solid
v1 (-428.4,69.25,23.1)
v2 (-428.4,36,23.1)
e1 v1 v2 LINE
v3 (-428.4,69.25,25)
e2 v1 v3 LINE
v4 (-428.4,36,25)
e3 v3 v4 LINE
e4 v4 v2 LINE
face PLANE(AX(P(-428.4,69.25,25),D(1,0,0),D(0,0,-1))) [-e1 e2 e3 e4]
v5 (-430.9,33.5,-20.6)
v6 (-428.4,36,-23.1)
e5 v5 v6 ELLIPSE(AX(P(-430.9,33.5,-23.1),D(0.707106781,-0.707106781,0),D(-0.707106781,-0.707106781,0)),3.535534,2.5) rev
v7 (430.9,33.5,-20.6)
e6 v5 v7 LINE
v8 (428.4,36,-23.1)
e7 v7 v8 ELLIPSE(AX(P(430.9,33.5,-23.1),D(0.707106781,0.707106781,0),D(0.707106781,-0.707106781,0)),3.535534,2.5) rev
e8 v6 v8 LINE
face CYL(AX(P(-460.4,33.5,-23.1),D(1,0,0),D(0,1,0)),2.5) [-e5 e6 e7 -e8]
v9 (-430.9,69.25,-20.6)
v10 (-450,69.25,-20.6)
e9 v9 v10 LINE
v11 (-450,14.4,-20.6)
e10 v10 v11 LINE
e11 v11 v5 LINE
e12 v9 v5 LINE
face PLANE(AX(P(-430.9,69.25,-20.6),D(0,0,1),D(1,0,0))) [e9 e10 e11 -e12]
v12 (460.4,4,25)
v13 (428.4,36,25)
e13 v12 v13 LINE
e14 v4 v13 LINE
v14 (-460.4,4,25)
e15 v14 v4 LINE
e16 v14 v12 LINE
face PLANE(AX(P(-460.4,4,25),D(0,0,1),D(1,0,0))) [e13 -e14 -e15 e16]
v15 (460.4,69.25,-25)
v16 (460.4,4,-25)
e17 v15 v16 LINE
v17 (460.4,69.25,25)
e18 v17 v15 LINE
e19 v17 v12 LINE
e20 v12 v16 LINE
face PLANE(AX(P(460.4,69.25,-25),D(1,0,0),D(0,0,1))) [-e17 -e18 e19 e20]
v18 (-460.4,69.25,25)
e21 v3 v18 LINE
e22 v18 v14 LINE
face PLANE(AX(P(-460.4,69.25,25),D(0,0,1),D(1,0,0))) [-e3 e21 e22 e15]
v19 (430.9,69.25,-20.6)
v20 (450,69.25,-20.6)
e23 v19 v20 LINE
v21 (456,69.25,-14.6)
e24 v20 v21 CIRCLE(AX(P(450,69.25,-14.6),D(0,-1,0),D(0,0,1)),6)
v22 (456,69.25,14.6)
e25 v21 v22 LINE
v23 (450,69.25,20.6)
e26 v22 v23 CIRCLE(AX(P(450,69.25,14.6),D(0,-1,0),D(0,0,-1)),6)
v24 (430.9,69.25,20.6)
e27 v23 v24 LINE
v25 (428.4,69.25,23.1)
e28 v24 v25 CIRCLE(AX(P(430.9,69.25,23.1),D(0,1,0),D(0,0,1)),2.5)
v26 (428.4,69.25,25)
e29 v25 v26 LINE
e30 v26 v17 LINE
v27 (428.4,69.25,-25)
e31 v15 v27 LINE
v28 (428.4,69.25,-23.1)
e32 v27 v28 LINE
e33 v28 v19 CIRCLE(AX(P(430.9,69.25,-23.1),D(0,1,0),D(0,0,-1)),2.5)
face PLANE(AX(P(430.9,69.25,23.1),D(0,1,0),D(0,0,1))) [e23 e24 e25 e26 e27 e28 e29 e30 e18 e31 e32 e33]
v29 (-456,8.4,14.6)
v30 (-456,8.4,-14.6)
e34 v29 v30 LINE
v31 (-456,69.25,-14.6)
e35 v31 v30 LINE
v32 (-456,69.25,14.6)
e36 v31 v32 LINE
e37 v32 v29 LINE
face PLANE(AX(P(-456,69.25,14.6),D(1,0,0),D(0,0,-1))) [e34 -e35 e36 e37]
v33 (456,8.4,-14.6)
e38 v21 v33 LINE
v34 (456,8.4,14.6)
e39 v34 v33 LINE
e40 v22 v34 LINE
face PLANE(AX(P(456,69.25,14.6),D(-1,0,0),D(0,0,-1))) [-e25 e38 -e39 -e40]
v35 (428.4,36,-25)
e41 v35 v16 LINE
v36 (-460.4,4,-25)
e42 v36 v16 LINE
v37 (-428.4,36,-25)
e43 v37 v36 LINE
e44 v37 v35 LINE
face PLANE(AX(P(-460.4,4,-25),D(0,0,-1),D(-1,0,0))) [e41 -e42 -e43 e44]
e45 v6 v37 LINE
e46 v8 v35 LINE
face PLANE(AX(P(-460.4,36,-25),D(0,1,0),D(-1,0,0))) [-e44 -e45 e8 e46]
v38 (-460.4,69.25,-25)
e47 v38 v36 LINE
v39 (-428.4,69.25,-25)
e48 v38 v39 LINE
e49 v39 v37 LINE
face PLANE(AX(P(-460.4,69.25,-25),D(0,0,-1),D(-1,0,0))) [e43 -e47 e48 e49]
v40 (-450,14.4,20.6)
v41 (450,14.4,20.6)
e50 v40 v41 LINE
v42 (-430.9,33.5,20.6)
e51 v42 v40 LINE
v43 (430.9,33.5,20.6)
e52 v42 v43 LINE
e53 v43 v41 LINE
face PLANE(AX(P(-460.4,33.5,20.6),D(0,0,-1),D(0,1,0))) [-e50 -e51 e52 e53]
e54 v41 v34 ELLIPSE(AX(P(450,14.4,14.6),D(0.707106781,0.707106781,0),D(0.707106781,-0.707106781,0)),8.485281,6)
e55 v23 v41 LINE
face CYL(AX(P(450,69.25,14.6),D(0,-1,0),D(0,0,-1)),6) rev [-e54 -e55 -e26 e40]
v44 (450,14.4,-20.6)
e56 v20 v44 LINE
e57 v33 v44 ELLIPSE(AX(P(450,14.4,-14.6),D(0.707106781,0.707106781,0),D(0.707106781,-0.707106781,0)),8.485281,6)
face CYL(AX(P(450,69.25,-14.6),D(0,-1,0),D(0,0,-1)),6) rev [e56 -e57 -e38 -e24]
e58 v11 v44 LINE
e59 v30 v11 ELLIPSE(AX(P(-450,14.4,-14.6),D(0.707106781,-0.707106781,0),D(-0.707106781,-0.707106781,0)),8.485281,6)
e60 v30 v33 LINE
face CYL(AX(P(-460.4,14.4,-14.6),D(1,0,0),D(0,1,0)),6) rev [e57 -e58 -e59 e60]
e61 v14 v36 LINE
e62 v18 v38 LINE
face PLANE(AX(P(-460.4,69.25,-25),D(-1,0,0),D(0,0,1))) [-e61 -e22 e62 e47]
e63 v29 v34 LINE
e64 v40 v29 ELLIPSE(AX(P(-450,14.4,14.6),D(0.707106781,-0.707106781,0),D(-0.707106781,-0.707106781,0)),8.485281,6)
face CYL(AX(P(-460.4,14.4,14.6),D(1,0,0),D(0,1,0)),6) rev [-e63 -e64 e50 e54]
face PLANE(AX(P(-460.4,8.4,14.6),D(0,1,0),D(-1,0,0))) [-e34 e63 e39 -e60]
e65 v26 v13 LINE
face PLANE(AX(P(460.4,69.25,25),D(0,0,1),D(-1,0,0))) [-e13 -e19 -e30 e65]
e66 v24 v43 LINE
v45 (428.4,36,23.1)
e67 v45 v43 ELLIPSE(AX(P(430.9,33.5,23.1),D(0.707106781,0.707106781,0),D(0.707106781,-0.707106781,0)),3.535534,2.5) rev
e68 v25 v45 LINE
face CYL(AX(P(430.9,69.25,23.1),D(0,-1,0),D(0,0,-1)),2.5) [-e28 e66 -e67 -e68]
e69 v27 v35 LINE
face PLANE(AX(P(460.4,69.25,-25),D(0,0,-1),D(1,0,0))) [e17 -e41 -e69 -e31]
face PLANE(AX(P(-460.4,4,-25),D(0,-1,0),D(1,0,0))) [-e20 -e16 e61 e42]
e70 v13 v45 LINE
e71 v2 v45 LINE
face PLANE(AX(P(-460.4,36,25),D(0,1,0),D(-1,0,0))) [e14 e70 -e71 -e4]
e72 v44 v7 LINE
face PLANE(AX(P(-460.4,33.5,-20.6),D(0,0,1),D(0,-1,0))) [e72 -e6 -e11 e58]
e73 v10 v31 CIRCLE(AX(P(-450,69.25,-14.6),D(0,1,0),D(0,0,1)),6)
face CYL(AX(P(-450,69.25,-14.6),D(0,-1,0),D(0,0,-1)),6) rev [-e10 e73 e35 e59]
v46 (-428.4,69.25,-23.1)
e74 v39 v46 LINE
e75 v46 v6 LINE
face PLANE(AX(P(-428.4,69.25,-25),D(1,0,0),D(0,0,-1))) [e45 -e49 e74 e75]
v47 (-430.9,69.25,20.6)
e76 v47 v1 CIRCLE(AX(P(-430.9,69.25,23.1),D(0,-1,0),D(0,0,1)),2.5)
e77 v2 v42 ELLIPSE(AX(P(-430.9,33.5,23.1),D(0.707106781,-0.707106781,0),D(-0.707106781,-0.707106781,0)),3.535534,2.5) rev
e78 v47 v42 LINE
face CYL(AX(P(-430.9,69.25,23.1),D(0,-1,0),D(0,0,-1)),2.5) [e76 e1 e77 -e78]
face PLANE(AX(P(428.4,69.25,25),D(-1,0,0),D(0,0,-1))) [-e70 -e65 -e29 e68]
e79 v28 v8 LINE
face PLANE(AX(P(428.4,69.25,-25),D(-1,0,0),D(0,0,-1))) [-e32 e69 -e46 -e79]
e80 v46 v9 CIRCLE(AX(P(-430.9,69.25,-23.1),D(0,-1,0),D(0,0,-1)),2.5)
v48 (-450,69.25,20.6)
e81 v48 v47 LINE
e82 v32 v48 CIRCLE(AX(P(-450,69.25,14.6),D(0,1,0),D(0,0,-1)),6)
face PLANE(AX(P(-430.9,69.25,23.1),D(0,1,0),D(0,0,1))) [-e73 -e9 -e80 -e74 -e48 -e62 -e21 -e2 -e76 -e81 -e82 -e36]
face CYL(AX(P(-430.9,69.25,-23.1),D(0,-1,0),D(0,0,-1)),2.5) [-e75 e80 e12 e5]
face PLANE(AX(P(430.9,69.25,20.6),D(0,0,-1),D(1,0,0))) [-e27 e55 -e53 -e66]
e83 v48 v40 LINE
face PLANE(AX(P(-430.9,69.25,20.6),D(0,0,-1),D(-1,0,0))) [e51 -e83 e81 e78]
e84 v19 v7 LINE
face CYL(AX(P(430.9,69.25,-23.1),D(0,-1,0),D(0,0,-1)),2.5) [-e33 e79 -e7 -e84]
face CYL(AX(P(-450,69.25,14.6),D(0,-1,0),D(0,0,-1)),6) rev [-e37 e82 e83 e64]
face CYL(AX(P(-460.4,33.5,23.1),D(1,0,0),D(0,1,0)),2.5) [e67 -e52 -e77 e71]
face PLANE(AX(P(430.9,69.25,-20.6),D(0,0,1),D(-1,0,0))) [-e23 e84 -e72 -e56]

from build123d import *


with BuildPart() as part:
    # По траектории4: sweep along a curve in space
    with BuildLine() as sweep_4_path:
        Line((-460.4, 69.25, 0), (-460.4, 4, 0))
        Line((-460.4, 4, 0), (0, 4, 0))
    # Эскиз2<3> → По траектории4 (sweep)
    with BuildSketch(Plane.XZ.offset(-69.25)):
        with BuildLine():
            Line((-460.4, -25), (-460.4, 25))
            Line((-460.4, 25), (-428.4, 25))
            Line((-428.4, 25), (-428.4, 23.1))
            ThreePointArc((-428.4, 23.1), (-429.132233047, 21.332233047), (-430.9, 20.6))
            Line((-430.9, 20.6), (-450, 20.6))
            ThreePointArc((-450, 20.6), (-454.242640687, 18.842640687), (-456, 14.6))
            Line((-456, 14.6), (-456, -14.6))
            ThreePointArc((-456, -14.6), (-454.242640687, -18.842640687), (-450, -20.6))
            Line((-450, -20.6), (-430.9, -20.6))
            ThreePointArc((-430.9, -20.6), (-429.132233047, -21.332233047), (-428.4, -23.1))
            Line((-428.4, -23.1), (-428.4, -25))
            Line((-428.4, -25), (-460.4, -25))
        make_face()
    sweep(path=sweep_4_path.line, transition=Transition.RIGHT)

    # Зеркальное отражение2: part across plane


with BuildPart() as part_1:
    add(part.part)
    add(part.part.mirror(Plane(origin=(0, 33.5, 23.1), x_dir=(0, 0, 1), z_dir=(-1, 0, 0))))


solid = part_1.part
